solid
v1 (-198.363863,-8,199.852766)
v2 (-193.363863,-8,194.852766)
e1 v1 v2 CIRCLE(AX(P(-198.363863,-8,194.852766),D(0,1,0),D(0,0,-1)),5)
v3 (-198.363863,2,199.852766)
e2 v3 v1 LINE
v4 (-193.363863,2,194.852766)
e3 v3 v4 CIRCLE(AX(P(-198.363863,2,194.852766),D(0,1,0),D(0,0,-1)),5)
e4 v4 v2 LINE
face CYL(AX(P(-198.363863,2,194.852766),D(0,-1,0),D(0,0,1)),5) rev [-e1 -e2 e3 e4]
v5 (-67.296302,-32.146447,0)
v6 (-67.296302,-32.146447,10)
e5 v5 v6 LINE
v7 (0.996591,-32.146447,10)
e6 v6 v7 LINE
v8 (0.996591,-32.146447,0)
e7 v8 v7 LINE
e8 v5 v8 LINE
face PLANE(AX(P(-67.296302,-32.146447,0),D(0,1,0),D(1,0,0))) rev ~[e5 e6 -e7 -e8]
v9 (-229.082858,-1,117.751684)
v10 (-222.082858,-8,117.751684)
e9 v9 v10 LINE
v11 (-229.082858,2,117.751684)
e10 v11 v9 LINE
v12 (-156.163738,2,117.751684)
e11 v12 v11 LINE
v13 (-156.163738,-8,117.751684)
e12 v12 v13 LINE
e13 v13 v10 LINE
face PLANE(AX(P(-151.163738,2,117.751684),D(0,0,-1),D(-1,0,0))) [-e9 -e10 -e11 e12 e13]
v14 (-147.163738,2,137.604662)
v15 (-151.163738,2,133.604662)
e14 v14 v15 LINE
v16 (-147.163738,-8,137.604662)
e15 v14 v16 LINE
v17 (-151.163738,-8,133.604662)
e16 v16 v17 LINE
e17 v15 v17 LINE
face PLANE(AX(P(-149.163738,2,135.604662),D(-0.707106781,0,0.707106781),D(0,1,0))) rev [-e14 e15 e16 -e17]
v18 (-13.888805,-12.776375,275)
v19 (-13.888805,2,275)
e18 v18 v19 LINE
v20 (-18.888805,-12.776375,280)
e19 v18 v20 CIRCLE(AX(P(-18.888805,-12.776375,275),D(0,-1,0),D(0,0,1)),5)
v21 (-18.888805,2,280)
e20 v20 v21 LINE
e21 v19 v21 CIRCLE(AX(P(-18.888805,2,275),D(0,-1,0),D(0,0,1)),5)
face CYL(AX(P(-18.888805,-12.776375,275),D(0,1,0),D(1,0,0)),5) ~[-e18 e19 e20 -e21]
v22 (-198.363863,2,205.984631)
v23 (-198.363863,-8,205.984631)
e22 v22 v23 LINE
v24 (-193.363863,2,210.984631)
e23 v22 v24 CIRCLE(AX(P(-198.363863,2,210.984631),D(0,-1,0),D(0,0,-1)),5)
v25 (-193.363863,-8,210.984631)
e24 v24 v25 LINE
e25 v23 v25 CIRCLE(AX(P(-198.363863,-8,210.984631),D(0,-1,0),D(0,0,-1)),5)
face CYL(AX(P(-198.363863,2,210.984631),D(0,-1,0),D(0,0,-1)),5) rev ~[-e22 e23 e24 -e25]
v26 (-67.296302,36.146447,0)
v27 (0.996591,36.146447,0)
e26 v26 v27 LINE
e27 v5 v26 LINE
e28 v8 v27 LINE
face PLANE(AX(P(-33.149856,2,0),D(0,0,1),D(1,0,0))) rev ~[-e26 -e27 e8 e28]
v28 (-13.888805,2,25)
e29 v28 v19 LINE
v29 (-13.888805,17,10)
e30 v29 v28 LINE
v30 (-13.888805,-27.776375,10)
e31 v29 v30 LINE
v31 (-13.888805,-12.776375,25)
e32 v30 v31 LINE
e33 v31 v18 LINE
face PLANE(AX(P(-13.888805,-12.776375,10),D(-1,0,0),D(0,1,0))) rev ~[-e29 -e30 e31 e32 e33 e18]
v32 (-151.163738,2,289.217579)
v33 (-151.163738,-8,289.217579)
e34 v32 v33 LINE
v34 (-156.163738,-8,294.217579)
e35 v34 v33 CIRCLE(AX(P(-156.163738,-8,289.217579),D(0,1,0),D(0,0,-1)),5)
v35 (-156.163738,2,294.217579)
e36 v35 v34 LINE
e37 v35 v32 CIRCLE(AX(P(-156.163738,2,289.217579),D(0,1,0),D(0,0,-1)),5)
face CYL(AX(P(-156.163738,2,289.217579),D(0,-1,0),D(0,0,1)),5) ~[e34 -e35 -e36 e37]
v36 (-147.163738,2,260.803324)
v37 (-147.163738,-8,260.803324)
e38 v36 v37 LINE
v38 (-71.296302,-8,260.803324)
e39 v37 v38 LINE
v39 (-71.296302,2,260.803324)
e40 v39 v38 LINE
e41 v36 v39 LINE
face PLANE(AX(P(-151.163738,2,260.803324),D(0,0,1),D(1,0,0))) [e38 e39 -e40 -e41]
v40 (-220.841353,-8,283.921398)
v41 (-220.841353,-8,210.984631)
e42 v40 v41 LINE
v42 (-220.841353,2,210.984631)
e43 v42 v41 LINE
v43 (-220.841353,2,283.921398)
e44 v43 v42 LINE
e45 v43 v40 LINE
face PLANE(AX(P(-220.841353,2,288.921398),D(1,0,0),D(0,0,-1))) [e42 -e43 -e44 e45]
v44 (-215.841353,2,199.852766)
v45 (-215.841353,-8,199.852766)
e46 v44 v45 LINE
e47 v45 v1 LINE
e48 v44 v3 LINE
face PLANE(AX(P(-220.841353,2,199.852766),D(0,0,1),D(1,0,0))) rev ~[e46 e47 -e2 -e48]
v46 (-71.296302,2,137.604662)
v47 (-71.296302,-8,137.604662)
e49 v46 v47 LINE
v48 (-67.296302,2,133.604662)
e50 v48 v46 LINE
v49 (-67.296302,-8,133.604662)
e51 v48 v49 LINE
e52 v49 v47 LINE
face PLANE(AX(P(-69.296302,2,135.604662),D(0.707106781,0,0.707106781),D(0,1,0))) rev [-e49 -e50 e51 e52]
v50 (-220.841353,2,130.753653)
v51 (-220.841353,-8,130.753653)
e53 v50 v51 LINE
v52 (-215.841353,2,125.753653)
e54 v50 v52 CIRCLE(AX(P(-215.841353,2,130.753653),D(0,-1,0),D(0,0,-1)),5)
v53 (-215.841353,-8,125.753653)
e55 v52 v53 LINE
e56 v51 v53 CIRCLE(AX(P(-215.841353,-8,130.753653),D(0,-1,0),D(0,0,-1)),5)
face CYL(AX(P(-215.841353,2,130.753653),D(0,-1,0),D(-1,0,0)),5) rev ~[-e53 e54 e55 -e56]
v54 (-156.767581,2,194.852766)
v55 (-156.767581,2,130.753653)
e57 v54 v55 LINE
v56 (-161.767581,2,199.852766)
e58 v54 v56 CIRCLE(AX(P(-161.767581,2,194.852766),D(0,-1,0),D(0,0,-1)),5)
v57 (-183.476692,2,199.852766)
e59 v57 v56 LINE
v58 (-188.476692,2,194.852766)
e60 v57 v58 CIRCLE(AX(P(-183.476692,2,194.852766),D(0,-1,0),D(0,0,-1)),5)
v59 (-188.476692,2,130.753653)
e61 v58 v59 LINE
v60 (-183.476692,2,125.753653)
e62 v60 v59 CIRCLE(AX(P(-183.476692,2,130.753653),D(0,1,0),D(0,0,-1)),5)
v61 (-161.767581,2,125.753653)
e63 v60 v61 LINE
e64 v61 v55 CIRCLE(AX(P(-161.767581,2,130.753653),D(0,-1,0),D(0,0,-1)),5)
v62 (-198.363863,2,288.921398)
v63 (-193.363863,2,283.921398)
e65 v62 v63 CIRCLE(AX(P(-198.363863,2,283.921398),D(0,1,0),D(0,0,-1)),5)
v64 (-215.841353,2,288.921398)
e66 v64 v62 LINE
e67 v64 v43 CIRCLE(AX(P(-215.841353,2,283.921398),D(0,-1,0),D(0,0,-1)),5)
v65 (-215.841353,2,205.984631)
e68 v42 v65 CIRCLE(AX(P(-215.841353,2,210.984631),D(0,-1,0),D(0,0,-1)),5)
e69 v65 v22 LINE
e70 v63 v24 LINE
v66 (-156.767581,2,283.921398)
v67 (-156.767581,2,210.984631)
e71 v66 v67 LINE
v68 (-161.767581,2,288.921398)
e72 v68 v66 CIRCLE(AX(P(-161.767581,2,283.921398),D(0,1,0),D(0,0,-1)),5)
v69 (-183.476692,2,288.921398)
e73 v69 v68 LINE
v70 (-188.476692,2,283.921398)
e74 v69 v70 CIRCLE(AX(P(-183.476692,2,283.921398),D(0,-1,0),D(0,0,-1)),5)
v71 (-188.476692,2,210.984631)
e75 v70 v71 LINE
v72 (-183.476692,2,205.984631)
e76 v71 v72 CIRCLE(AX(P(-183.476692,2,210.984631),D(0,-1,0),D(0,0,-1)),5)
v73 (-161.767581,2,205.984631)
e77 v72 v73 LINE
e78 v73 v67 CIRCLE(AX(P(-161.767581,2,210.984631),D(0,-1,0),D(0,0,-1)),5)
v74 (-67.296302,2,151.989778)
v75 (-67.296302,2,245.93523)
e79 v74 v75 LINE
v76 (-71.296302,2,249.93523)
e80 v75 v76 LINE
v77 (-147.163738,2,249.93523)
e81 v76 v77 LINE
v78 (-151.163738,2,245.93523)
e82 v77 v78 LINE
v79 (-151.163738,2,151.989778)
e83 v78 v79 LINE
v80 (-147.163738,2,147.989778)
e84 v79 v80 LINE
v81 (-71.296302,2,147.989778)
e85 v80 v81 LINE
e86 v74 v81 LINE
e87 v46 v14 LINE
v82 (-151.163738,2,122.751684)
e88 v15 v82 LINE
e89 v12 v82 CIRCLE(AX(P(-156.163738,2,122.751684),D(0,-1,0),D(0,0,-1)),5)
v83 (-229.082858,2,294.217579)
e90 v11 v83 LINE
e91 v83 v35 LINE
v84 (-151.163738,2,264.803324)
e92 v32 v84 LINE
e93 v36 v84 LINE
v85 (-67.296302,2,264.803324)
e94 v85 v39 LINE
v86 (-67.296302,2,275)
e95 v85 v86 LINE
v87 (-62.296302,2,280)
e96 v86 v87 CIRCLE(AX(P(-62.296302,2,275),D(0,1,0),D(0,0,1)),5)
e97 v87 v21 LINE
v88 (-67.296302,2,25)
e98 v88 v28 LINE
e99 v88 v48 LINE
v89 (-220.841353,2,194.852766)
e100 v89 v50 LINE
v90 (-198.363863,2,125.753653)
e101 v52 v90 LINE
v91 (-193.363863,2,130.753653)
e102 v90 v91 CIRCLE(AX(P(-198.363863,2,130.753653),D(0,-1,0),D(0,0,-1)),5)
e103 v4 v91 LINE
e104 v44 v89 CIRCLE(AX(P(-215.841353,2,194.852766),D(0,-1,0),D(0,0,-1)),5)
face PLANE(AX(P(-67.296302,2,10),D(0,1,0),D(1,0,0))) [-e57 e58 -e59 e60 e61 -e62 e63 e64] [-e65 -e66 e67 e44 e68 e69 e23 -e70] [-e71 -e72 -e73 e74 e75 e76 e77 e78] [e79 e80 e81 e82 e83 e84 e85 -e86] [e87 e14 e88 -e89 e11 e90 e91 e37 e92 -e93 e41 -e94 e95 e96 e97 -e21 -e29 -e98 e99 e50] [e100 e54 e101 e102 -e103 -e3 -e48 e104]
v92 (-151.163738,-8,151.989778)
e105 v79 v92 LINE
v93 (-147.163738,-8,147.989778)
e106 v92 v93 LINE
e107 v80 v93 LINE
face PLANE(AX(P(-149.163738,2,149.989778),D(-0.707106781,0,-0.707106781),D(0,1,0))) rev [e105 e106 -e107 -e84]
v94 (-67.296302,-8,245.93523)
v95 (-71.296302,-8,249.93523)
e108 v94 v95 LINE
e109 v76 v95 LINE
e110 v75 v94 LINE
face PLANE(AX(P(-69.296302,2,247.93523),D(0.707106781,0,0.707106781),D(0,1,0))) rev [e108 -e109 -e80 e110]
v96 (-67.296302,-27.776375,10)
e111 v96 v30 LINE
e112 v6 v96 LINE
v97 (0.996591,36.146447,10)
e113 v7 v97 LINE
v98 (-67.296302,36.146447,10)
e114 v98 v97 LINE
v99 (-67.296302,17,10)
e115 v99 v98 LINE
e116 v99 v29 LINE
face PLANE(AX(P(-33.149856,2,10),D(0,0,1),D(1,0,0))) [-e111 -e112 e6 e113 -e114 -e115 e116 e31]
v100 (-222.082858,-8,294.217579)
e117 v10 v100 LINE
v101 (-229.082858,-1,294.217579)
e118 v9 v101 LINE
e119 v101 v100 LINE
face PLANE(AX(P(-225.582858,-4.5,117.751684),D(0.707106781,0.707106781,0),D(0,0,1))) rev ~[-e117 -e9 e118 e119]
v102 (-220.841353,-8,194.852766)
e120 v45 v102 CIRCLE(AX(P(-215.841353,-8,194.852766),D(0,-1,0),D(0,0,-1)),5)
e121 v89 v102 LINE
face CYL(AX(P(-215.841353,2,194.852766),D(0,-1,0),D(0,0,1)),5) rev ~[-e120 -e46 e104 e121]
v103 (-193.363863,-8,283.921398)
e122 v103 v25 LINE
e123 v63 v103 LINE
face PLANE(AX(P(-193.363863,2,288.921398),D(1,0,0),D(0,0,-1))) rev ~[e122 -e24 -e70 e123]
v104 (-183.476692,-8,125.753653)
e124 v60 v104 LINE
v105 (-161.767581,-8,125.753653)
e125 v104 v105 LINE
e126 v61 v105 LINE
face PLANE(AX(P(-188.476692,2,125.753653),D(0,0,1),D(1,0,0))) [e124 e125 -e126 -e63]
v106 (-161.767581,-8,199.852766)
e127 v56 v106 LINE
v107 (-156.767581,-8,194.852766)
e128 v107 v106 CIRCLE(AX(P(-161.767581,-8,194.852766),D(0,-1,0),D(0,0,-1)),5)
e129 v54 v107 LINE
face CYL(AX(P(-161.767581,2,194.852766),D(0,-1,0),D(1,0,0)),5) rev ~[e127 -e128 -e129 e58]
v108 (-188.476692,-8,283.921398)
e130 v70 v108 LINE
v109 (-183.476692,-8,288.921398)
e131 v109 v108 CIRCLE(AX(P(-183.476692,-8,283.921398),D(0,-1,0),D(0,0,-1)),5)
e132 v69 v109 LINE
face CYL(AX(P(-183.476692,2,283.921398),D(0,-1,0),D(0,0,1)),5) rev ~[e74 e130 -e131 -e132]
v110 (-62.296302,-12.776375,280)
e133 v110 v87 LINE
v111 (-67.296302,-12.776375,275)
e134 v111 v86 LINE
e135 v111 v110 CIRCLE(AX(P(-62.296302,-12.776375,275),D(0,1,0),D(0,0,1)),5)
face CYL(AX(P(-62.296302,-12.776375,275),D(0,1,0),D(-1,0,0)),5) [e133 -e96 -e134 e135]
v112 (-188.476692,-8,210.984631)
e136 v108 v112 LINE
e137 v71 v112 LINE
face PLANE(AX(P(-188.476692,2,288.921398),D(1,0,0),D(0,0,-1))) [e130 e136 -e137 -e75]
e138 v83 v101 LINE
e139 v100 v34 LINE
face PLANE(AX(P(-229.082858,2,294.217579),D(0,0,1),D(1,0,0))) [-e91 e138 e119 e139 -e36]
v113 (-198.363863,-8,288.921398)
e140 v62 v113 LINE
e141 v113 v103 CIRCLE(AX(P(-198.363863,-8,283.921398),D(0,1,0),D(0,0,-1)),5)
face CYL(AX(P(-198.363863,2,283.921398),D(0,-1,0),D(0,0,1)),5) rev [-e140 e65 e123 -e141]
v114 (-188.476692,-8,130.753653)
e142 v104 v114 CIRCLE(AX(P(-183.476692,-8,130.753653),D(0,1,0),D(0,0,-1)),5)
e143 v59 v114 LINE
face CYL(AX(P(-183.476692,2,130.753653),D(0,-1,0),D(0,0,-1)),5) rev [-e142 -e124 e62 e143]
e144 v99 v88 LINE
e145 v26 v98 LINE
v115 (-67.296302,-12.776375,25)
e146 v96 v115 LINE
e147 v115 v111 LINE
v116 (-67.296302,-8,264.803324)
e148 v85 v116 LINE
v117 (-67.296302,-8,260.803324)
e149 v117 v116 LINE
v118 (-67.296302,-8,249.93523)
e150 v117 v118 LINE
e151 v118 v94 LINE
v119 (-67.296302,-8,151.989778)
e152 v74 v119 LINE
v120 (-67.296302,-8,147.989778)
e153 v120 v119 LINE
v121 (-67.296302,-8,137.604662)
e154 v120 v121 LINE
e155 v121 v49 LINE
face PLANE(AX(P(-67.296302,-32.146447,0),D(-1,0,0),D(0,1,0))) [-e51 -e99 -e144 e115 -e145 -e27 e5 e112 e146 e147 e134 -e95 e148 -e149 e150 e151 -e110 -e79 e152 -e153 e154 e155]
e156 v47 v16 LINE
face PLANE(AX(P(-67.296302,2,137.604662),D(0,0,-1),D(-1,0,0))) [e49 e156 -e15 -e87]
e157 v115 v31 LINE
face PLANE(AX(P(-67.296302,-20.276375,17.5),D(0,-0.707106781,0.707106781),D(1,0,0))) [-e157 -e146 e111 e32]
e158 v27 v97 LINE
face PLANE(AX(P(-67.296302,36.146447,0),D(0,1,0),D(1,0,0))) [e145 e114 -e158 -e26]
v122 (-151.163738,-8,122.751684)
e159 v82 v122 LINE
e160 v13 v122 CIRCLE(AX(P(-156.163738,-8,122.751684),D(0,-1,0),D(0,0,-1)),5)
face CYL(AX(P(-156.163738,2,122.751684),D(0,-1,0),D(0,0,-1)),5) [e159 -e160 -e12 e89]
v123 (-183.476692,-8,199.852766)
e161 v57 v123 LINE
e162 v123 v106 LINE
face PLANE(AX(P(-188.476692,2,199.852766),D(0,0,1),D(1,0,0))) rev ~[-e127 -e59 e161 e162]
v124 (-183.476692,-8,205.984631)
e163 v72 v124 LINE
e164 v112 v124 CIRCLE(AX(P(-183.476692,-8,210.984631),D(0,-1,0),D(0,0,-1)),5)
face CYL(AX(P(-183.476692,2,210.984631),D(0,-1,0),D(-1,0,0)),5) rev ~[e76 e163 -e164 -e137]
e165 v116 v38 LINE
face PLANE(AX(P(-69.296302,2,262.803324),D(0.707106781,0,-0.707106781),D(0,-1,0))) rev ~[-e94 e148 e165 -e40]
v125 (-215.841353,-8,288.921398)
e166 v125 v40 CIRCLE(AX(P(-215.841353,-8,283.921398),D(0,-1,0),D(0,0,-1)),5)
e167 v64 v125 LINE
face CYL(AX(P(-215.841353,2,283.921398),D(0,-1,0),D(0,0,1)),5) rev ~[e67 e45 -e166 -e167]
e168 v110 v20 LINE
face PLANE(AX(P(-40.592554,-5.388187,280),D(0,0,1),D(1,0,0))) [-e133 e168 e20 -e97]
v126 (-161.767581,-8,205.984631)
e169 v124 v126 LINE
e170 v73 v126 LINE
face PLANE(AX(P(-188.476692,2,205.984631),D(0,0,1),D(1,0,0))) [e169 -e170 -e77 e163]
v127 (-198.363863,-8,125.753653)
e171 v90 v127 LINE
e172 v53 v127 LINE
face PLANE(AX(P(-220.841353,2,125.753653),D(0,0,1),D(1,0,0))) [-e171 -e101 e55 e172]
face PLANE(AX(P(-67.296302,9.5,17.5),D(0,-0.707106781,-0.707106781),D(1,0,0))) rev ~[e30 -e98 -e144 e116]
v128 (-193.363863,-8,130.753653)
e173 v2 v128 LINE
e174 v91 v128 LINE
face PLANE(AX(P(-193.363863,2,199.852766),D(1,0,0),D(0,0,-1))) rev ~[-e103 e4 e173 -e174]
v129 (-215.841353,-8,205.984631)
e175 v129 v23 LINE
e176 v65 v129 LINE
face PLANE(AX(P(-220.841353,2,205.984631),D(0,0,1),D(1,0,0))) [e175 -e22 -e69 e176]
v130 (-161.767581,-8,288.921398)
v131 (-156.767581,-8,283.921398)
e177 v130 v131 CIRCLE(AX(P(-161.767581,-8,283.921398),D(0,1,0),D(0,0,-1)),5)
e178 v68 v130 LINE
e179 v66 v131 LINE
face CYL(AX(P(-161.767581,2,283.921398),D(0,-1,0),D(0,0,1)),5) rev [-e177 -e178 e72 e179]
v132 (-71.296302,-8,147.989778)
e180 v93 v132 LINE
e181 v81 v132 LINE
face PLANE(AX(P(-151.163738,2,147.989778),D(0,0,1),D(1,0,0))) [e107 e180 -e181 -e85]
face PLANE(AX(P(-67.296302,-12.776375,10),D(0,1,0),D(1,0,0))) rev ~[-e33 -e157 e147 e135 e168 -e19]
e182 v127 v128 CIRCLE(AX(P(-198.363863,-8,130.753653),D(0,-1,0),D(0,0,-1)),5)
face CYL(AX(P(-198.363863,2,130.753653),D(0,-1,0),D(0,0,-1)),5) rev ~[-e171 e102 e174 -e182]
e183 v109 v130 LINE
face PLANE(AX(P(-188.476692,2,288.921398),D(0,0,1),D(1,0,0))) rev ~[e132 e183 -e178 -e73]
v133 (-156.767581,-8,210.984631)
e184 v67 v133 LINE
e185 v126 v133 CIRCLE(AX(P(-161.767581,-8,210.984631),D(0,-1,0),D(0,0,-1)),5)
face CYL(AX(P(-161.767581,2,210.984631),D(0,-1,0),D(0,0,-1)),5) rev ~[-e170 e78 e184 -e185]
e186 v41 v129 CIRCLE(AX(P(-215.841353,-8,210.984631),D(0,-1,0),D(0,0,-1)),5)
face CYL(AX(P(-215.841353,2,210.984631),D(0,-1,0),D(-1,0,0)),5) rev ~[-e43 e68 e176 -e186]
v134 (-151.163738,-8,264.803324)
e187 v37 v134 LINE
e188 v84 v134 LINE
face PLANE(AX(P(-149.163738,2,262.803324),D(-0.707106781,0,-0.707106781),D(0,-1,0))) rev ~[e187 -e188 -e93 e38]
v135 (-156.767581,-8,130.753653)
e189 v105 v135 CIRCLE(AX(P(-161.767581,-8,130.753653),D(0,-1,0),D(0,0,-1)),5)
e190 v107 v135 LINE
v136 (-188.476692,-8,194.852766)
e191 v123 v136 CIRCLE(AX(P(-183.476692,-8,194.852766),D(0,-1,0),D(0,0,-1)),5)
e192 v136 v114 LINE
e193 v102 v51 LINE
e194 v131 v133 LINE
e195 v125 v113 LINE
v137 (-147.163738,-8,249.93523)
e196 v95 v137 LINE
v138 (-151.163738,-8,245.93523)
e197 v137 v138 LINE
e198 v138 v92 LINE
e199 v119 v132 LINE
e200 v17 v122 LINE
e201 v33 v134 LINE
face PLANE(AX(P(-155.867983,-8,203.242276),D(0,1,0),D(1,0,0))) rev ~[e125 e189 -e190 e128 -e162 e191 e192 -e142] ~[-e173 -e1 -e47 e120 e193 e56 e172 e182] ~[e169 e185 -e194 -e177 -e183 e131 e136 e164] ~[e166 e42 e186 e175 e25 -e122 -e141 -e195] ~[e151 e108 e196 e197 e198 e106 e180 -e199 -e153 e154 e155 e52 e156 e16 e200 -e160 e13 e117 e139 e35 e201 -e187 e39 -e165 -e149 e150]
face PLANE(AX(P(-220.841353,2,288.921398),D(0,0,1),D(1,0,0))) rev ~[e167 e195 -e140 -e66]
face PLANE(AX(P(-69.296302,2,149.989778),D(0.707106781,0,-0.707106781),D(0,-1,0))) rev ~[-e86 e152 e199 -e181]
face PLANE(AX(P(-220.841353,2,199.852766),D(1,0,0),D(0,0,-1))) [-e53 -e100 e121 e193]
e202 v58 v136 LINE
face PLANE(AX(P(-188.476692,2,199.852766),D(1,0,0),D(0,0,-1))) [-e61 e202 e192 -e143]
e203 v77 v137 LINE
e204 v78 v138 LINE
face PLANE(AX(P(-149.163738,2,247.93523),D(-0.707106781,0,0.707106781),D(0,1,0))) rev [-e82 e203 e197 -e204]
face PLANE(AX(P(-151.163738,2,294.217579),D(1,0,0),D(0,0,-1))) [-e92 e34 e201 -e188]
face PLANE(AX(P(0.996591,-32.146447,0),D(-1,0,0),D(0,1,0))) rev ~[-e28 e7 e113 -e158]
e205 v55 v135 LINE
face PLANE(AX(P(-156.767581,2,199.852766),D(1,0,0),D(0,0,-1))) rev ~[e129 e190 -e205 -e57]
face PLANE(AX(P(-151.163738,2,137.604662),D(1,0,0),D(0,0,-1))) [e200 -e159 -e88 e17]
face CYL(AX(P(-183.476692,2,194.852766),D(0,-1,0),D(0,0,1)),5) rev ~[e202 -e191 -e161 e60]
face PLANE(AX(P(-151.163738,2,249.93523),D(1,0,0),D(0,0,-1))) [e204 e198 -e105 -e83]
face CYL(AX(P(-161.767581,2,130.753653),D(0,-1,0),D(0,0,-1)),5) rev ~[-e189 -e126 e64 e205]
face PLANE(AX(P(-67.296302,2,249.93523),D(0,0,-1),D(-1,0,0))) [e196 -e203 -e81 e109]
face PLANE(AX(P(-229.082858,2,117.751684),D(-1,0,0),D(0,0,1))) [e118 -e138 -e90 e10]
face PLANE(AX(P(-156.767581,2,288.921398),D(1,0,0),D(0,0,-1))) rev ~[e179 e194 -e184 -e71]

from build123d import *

# Parameters (mm, degrees)
SKETCH_1_W      = 68.292893219
SKETCH_1_H      = 68.292893218
EXTRUDE_1_DEPTH = 10
SKETCH_2_W      = 53.40749746
SKETCH_2_H      = 14.776374923
EXTRUDE_2_DEPTH = 270
SKETCH_4_W      = 27.47748939
SKETCH_4_H      = 82.93676663
SKETCH_4_H_2    = 74.09911356
SKETCH_4_W_2    = 31.70911111
EXTRUDE_3_DEPTH = 10
CHAMFER_1_SIZE  = 15
CHAMFER_3_SIZE  = 7
FILLET_3_R      = 5
CHAMFER_4_SIZE  = 4


with BuildPart() as part:
    # 草图1 → 凸台-拉伸1 (new body)
    with BuildSketch(Plane.XY):
        with Locations((-33.149855831, 2)):
            Rectangle(SKETCH_1_W, SKETCH_1_H)
    extrude(amount=EXTRUDE_1_DEPTH)

    # 草图2 → 凸台-拉伸2 (add)
    with BuildSketch(Plane.XY.offset(10)):
        with Locations((-40.59255371, -5.388187462)):
            Rectangle(SKETCH_2_W, SKETCH_2_H)
    extrude(amount=EXTRUDE_2_DEPTH)

    # 草图4 → 凸台-拉伸3 (add)
    with BuildSketch(Plane(origin=(0, 2, 0), x_dir=(1, 0, 0), z_dir=(0, 1, 0))):
        Polygon((-151.163737931, -260.803324395), (-67.29630244, -260.803324395), (-67.29630244, -249.935229756), (-151.163737931, -249.935229756), (-151.163737931, -147.989777894), (-67.29630244, -147.989777894), (-67.29630244, -137.604662475), (-151.163737931, -137.604662475), (-151.163737931, -117.751683705), (-229.082858204, -117.751683705), (-229.082858204, -294.217578605), (-151.163737931, -294.217578605), align=None)
        with Locations((-207.102608026, -247.45301447)):
            Rectangle(SKETCH_4_W, SKETCH_4_H, mode=Mode.SUBTRACT)
        with Locations((-207.102608026, -162.803209554)):
            Rectangle(SKETCH_4_W, SKETCH_4_H_2, mode=Mode.SUBTRACT)
        with Locations((-172.622136648, -247.45301447)):
            Rectangle(SKETCH_4_W_2, SKETCH_4_H, mode=Mode.SUBTRACT)
        with Locations((-172.622136648, -162.803209554)):
            Rectangle(SKETCH_4_W_2, SKETCH_4_H_2, mode=Mode.SUBTRACT)
    extrude(amount=-EXTRUDE_3_DEPTH)

    # 倒角1
    chamfer_1_edges = [part.edges().sort_by_distance(p)[0] for p in [
        (-40.59255371, 2, 10),
        (-40.59255371, -12.776374923, 10),
    ]]
    chamfer(chamfer_1_edges, length=CHAMFER_1_SIZE)

    # 倒角3
    chamfer_3_edges = [part.edges().sort_by_distance(p)[0] for p in [
        (-229.082858204, -8, 205.984631155),
    ]]
    chamfer(chamfer_3_edges, length=CHAMFER_3_SIZE)

    # 圆角3
    fillet_3_edges = [part.edges().sort_by_distance(p)[0] for p in [
        (-13.88880498, -5.388187462, 280),
        (-67.29630244, -5.388187462, 280),
        (-220.841352721, -3, 125.753652774),
        (-220.841352721, -3, 205.984631155),
        (-193.363863331, -3, 288.921397785),
        (-220.841352721, -3, 288.921397785),
        (-156.767581093, -3, 288.921397785),
        (-156.767581093, -3, 199.852766334),
        (-188.476692203, -3, 125.753652774),
        (-156.767581093, -3, 125.753652774),
        (-193.363863331, -3, 125.753652774),
        (-151.163737931, -3, 294.217578605),
        (-151.163737931, -3, 117.751683705),
        (-193.363863331, -3, 199.852766334),
        (-156.767581093, -3, 205.984631155),
        (-193.363863331, -3, 205.984631155),
        (-220.841352721, -3, 199.852766334),
        (-188.476692203, -3, 199.852766334),
        (-188.476692203, -3, 205.984631155),
        (-188.476692203, -3, 288.921397785),
    ]]
    fillet(fillet_3_edges, radius=FILLET_3_R)

    # 倒角4
    chamfer_4_edges = [part.edges().sort_by_distance(p)[0] for p in [
        (-67.29630244, -3, 249.935229756),
        (-67.29630244, -3, 260.803324395),
        (-151.163737931, -3, 260.803324395),
        (-151.163737931, -3, 137.604662475),
        (-67.29630244, -3, 137.604662475),
        (-67.29630244, -3, 147.989777894),
        (-151.163737931, -3, 147.989777894),
        (-151.163737931, -3, 249.935229756),
    ]]
    chamfer(chamfer_4_edges, length=CHAMFER_4_SIZE)


solid = part.part
